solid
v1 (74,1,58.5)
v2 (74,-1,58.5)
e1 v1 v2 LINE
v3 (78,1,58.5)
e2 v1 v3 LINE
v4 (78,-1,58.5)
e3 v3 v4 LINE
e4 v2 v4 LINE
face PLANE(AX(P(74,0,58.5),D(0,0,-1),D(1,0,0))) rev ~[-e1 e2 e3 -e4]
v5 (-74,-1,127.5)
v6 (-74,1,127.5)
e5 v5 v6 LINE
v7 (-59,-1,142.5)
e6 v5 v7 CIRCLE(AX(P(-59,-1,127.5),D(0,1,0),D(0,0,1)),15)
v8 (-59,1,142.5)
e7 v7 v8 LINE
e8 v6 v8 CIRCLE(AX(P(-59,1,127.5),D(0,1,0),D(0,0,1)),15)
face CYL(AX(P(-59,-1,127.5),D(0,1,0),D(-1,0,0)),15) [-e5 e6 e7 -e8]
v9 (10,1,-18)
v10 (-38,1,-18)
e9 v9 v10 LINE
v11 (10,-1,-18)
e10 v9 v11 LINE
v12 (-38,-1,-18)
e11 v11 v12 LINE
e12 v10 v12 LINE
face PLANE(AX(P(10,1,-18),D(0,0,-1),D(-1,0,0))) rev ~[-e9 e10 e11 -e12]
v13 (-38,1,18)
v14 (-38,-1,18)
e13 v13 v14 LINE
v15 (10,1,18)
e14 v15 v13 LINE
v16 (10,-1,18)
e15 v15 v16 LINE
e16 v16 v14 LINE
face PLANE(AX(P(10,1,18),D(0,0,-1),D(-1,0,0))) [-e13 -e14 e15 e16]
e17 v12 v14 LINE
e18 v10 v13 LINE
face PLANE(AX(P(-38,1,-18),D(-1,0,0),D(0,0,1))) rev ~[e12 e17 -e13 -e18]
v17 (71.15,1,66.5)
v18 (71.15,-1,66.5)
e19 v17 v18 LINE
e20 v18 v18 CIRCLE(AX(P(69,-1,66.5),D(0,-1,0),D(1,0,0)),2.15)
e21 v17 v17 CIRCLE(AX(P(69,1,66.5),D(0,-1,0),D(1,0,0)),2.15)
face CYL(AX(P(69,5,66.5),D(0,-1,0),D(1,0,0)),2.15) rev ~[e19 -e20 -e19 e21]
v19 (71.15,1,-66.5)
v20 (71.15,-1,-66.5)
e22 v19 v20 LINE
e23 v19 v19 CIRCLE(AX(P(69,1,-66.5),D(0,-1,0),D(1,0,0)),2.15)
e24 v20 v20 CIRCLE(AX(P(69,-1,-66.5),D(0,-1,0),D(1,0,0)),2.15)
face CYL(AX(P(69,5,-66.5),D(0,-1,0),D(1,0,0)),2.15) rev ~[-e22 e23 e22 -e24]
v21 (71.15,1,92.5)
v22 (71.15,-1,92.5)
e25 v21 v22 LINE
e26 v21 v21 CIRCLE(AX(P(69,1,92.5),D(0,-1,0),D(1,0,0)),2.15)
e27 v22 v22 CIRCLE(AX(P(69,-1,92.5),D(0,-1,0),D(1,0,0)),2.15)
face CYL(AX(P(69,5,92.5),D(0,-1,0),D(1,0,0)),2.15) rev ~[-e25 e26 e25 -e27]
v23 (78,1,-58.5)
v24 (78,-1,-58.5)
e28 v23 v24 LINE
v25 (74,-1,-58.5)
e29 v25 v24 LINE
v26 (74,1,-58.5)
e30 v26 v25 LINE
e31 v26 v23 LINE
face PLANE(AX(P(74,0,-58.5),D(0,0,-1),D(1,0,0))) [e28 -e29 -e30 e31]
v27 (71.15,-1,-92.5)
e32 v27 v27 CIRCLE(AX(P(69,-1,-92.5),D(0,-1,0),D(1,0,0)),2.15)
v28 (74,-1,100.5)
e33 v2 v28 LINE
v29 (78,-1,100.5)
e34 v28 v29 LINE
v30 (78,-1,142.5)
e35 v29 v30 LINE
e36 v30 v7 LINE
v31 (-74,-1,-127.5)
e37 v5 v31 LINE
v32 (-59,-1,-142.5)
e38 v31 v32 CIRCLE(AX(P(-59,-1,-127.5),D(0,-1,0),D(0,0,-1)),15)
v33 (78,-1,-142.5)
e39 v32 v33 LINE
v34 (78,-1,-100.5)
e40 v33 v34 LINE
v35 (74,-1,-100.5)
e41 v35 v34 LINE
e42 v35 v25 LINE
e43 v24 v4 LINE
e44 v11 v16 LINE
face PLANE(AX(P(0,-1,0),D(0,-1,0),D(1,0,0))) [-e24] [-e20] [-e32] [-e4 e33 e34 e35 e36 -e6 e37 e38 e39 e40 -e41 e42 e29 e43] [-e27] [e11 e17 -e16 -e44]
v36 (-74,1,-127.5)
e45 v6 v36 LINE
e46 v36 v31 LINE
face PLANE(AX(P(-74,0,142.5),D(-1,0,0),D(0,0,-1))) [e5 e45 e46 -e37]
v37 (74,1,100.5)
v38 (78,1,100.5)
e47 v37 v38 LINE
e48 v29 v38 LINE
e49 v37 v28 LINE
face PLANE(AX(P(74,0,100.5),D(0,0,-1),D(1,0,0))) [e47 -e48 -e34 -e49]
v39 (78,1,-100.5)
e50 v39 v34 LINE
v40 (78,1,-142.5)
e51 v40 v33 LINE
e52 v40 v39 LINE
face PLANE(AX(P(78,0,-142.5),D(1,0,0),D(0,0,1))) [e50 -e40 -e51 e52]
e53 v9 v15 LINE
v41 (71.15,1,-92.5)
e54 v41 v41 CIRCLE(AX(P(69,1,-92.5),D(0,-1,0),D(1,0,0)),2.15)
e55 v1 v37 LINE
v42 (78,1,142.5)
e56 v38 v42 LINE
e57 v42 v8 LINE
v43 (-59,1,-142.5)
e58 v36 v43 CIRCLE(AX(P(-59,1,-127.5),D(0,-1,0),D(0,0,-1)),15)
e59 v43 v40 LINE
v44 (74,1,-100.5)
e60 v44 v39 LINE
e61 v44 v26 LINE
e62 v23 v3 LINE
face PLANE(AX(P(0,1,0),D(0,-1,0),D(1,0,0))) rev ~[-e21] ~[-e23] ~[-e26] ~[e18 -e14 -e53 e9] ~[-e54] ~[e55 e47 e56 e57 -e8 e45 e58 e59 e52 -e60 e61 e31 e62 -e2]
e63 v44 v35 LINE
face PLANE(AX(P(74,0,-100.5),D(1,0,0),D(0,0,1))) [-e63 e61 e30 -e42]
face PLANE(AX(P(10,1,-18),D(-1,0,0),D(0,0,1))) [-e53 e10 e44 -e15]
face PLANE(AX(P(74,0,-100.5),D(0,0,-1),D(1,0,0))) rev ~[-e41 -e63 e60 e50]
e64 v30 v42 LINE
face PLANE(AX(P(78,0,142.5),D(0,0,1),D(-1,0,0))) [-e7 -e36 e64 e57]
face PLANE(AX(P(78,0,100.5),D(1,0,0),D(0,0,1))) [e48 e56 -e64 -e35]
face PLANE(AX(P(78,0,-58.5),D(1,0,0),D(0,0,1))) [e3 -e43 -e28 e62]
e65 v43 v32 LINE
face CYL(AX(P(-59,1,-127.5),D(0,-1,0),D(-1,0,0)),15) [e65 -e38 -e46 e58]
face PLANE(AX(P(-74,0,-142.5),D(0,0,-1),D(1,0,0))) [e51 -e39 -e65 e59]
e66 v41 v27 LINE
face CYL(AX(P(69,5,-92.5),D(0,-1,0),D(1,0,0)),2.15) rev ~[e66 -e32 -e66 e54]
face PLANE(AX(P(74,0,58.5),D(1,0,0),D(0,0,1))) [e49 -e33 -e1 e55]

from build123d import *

# Parameters (mm, degrees)
F0_W     = 4
F0_H     = 42
F0_H_2   = 117
F1_DEPTH = 1
F2_R     = 15
F4_D     = 4.3
F4_DEPTH = 4
F4_TIP   = 1.2918503309
F5_W     = 48
F5_H     = 36
F6_DEPTH = 2


with BuildPart() as f1:
    # F0 (on Front) → F1 (new body, symmetric)
    with BuildSketch(Plane.XZ):
        Polygon((74, 100.5), (74, 142.5), (-74, 142.5), (-74, -142.5), (74, -142.5), (74, -100.5), (74, -58.5), (74, 58.5), align=None)
        with Locations((76, 121.5)):
            Rectangle(F0_W, F0_H)
        with Locations((76, 0)):
            Rectangle(F0_W, F0_H_2)
        with Locations((76, -121.5)):
            Rectangle(F0_W, F0_H)
    extrude(amount=F1_DEPTH, both=True)

    # F2
    f2_edges = [f1.edges().sort_by_distance(p)[0] for p in [
        (-74, 0, 142.5),
        (-74, 0, -142.5),
    ]]
    fillet(f2_edges, radius=F2_R)

    # F4
    with Locations(Plane(origin=(0, 1, 0), x_dir=(-1, 0, 0), z_dir=(0, 1, 0))):
        with Locations((-69, 92.5), (-69, 66.5), (-69, -92.5), (-69, -66.5)):
            Hole(F4_D / 2, depth=F4_DEPTH)
            with Locations((0, 0, -(F4_DEPTH + F4_TIP / 2))):  # 118° drill point
                Cone(0, F4_D / 2, F4_TIP, mode=Mode.SUBTRACT)

    # F5 (on face) → F6 (cut)
    with BuildSketch(Plane(origin=(0, 1, 0), x_dir=(-1, 0, 0), z_dir=(0, 1, 0))):
        with Locations((14, 0)):
            Rectangle(F5_W, F5_H)
    extrude(amount=-F6_DEPTH, mode=Mode.SUBTRACT)


solid = f1.part
